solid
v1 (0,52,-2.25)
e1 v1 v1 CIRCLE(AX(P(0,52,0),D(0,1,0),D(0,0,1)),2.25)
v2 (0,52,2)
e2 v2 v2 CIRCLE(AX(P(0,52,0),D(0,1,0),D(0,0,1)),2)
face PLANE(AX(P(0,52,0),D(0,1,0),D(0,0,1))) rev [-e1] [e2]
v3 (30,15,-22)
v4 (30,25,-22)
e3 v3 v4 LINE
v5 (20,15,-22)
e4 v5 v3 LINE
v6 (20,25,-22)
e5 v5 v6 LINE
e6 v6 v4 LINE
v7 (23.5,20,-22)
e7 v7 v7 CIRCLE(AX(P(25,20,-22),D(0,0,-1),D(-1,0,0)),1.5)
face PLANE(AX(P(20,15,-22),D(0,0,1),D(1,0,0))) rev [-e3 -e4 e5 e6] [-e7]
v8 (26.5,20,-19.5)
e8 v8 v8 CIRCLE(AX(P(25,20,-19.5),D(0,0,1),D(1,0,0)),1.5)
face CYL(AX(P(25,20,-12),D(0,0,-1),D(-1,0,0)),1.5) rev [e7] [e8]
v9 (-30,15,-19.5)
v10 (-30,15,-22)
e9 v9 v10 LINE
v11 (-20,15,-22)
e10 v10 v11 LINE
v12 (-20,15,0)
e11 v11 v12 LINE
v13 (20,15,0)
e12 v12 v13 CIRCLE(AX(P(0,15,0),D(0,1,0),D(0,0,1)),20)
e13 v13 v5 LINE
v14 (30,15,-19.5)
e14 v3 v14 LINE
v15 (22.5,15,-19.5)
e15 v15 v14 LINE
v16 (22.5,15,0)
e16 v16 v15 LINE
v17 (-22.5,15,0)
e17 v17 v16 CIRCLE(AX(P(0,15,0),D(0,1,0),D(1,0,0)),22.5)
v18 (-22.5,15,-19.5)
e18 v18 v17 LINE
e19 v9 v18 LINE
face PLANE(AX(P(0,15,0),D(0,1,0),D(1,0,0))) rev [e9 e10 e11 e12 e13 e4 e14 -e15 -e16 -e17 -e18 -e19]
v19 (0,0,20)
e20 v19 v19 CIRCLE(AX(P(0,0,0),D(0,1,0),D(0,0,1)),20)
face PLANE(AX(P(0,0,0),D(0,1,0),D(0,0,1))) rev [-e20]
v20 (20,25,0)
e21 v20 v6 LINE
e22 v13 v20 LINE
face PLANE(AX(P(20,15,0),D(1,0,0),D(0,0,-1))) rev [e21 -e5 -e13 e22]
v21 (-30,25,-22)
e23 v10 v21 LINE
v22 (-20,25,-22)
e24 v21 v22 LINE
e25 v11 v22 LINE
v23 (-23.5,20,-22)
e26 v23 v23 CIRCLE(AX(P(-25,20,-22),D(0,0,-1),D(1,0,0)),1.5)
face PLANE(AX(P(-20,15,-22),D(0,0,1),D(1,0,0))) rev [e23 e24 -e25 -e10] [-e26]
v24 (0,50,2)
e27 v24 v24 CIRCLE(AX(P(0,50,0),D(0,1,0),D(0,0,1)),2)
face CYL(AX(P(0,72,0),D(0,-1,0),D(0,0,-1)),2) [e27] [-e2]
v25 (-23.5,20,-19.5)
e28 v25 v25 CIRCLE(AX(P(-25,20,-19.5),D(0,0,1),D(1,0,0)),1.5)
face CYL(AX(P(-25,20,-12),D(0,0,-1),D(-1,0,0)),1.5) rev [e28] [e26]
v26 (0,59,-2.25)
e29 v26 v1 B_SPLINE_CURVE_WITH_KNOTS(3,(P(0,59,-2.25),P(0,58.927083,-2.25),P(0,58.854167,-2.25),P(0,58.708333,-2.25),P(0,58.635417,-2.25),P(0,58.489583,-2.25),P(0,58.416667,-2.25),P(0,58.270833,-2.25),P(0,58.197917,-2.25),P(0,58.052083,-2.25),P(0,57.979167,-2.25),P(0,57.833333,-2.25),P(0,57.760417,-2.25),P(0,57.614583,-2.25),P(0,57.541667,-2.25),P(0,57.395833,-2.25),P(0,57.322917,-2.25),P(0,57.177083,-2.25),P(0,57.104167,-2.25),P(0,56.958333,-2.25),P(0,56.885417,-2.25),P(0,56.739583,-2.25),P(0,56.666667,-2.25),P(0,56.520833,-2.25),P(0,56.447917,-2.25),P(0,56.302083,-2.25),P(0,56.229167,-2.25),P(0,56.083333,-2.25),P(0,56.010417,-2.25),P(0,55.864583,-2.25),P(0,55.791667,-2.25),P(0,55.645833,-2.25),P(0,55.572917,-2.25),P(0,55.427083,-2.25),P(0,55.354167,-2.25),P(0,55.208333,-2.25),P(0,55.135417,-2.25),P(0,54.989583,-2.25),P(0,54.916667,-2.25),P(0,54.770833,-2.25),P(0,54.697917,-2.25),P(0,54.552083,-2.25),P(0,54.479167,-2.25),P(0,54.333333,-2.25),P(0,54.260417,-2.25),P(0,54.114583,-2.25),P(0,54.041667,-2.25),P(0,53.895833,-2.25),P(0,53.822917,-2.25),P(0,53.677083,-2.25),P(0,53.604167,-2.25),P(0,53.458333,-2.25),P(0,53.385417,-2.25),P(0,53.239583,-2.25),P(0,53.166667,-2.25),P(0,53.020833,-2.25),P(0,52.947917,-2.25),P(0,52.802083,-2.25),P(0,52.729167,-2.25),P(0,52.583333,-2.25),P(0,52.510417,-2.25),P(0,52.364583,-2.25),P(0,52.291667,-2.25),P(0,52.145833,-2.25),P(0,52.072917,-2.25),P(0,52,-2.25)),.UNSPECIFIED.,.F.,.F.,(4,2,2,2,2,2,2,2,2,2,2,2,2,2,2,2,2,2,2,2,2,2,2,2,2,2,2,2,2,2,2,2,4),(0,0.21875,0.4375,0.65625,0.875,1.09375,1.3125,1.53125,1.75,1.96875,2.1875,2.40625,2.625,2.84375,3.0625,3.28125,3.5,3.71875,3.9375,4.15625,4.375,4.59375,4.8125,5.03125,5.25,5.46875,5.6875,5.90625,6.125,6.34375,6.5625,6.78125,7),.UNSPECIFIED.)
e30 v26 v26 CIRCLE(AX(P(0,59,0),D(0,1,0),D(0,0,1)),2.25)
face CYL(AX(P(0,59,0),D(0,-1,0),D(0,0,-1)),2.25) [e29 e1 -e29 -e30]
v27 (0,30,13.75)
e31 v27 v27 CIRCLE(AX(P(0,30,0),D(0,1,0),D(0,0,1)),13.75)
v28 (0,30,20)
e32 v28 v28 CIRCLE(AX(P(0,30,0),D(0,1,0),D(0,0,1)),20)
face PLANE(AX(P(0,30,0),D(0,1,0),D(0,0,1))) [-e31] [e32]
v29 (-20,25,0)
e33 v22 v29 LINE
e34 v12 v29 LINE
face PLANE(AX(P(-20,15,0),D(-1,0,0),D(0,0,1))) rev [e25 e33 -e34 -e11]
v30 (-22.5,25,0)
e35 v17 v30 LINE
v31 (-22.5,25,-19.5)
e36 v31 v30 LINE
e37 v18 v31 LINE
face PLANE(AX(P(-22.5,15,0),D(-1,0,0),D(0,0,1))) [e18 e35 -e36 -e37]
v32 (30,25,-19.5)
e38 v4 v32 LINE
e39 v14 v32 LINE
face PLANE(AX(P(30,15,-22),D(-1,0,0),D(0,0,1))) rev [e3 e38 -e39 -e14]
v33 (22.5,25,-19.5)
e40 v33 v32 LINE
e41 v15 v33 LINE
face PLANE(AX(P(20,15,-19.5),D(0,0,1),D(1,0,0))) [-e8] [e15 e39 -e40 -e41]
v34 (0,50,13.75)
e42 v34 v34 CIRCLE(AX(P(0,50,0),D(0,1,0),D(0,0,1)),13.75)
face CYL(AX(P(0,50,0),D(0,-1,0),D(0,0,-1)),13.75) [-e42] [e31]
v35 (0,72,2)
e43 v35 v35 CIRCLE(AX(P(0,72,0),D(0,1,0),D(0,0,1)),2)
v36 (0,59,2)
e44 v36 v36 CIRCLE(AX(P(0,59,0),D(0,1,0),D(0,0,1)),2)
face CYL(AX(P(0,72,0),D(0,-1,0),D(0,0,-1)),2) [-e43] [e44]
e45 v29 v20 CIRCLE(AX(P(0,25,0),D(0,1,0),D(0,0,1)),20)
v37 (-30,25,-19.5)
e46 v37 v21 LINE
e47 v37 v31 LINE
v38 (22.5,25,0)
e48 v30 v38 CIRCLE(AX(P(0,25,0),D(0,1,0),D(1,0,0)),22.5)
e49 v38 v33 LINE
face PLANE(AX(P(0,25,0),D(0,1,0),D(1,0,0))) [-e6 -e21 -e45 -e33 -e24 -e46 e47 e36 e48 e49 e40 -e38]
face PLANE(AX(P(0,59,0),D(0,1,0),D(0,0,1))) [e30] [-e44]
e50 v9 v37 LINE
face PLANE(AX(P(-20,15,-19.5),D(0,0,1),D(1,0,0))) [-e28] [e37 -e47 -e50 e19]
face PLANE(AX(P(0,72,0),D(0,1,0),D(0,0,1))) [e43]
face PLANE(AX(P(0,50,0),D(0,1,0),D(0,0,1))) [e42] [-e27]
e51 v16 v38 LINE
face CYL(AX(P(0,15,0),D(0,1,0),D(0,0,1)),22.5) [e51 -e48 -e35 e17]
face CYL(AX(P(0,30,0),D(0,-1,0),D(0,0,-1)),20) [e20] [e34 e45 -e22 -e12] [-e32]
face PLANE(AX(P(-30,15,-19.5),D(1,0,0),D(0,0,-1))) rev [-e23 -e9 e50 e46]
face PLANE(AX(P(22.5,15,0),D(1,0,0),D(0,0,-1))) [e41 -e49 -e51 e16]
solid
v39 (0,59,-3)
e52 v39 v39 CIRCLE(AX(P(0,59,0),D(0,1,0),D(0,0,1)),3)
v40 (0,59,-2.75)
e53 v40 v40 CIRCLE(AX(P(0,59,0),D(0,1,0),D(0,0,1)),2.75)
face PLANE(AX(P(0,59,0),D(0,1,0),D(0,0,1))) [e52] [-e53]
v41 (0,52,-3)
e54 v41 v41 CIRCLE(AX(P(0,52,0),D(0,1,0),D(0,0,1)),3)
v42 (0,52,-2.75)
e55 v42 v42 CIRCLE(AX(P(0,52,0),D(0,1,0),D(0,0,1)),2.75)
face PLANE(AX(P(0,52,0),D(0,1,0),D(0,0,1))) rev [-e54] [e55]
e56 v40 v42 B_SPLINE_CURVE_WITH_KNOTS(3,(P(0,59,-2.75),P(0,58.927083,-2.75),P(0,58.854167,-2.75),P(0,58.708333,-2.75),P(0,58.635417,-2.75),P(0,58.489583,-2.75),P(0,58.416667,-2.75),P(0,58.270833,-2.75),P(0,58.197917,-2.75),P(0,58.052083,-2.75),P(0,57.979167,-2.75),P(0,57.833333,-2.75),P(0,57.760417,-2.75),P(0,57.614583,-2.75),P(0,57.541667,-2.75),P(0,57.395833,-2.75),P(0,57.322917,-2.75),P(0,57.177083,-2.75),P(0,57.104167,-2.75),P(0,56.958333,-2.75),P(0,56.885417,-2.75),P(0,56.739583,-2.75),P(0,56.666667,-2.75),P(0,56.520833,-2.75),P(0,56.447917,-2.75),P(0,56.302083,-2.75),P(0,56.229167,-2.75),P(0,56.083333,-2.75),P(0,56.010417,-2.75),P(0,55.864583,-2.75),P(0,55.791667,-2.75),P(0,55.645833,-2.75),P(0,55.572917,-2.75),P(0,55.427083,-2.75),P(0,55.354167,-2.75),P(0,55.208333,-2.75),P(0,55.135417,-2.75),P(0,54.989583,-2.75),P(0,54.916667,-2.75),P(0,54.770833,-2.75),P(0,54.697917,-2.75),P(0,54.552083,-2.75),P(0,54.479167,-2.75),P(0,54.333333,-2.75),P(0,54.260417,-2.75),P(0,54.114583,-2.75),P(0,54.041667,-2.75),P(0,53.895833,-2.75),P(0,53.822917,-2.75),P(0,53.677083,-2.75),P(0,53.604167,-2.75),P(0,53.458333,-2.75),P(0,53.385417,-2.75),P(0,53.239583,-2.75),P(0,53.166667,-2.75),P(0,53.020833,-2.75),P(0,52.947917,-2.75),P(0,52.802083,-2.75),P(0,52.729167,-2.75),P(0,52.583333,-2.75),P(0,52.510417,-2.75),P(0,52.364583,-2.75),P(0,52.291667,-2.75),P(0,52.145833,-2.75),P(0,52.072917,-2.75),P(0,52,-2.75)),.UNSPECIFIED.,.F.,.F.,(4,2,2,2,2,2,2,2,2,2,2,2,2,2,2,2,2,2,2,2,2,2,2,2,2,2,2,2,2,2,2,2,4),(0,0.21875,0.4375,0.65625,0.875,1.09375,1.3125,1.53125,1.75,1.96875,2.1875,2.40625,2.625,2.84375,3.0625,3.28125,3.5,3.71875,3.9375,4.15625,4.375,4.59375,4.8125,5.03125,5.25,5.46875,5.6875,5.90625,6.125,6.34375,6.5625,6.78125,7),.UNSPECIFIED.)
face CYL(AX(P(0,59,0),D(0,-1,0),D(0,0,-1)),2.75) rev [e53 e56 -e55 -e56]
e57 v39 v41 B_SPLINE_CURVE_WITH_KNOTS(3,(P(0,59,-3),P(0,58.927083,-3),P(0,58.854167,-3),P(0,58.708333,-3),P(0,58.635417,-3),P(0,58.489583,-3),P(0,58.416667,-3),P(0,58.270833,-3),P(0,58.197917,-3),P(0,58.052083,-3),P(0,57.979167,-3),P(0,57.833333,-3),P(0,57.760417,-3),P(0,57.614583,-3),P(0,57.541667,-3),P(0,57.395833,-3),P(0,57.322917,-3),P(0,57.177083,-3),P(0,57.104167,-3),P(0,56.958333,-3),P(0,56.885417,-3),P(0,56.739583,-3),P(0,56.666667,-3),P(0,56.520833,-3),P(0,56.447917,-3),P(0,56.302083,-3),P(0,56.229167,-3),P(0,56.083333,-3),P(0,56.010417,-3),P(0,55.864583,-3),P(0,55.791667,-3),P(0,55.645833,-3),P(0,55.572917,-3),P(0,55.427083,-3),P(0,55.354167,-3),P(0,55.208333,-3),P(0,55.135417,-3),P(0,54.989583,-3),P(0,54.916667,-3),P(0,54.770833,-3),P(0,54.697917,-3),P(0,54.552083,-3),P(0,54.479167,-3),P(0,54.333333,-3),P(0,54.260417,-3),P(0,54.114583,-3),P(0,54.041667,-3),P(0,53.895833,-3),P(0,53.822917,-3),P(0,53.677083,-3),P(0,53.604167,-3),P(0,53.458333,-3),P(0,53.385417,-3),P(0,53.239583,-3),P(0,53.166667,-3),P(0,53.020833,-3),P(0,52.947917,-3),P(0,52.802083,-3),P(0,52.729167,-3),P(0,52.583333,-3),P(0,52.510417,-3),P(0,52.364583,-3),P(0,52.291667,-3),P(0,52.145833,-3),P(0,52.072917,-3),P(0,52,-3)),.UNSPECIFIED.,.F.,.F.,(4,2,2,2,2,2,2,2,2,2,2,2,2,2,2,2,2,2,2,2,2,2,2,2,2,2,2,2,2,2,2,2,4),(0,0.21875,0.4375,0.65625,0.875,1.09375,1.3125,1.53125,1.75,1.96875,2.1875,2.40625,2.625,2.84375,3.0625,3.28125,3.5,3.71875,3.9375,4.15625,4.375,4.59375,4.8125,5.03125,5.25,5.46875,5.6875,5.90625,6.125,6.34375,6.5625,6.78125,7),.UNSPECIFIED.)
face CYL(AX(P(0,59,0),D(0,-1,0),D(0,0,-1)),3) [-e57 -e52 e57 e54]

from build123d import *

# Parameters (mm, degrees)
SKETCH1_R           = 20
BOSS_EXTRUDE1_DEPTH = 30
SKETCH2_R           = 13.75
BOSS_EXTRUDE2_DEPTH = 20
SKETCH3_R           = 2
BOSS_EXTRUDE3_DEPTH = 22
EXTRUDE_THIN2_START = -10
EXTRUDE_THIN2_DEPTH = 10
SKETCH6_R           = 1.5
CUT_EXTRUDE1_DEPTH  = 10
SKETCH7_R           = 3
SKETCH7_R_2         = 2.75
SKETCH7_R_3         = 2.25
SKETCH7_R_4         = 2
BOSS_EXTRUDE4_DEPTH = 7


with BuildPart() as part:
    # Sketch1 → Boss-Extrude1 (new body)
    with BuildSketch(Plane(origin=(0, 0, 0), x_dir=(1, 0, 0), z_dir=(0, 1, 0))):
        with Locations(Location((0, 0, 0), (0, 0, 270))):
            Circle(SKETCH1_R)
    extrude(amount=BOSS_EXTRUDE1_DEPTH)

    # Sketch2 → Boss-Extrude2 (add)
    with BuildSketch(Plane(origin=(0, 30, 0), x_dir=(1, 0, 0), z_dir=(0, 1, 0))):
        with Locations(Location((0, 0, 0), (0, 0, 270))):
            Circle(SKETCH2_R)
    extrude(amount=BOSS_EXTRUDE2_DEPTH)

    # Sketch3 → Boss-Extrude3 (add)
    with BuildSketch(Plane(origin=(0, 50, 0), x_dir=(1, 0, 0), z_dir=(0, 1, 0))):
        with Locations(Location((0, 0, 0), (0, 0, 270))):
            Circle(SKETCH3_R)
    extrude(amount=BOSS_EXTRUDE3_DEPTH)

    # Sketch4 → Extrude-Thin2 (add)
    with BuildSketch(Plane(origin=(0, 25, 0), x_dir=(1, 0, 0), z_dir=(0, 1, 0)).offset(EXTRUDE_THIN2_START)):
        with BuildLine():
            Line((30, 22), (20, 22))
            Line((20, 22), (20, 0))
            ThreePointArc((20, 0), (0, -20), (-20, 0))
            Line((-20, 0), (-20, 22))
            Line((-20, 22), (-30, 22))
            Line((-30, 22), (-30, 19.5))
            Line((-30, 19.5), (-22.5, 19.5))
            Line((-22.5, 19.5), (-22.5, 0))
            ThreePointArc((-22.5, 0), (0, -22.5), (22.5, 0))
            Line((22.5, 0), (22.5, 19.5))
            Line((22.5, 19.5), (30, 19.5))
            Line((30, 19.5), (30, 22))
        make_face()
    extrude(amount=EXTRUDE_THIN2_DEPTH)

    # Sketch6 → Cut-Extrude1 (cut)
    with BuildSketch(Plane(origin=(0, 0, -22), x_dir=(-1, 0, 0), z_dir=(0, 0, -1))):
        with Locations((-25, 20)):
            Circle(SKETCH6_R)
        with Locations(Location((25, 20, 0), (0, 0, 180))):
            Circle(SKETCH6_R)
    extrude(amount=-CUT_EXTRUDE1_DEPTH, mode=Mode.SUBTRACT)

    # Sketch7 → Boss-Extrude4 (add)
    # profile 1 of 2: a face of its own
    with BuildSketch(Plane(origin=(0, 52, 0), x_dir=(1, 0, 0), z_dir=(0, 1, 0))):
        with Locations(Location((0, 0, 0), (0, 0, 90))):
            Circle(SKETCH7_R)
        with Locations(Location((0, 0, 0), (0, 0, 90))):
            Circle(SKETCH7_R_2, mode=Mode.SUBTRACT)
    # profile 2 of 2: a face of its own
    with BuildSketch(Plane(origin=(0, 52, 0), x_dir=(1, 0, 0), z_dir=(0, 1, 0))):
        with Locations(Location((0, 0, 0), (0, 0, 90))):
            Circle(SKETCH7_R_3)
        with Locations(Location((0, 0, 0), (0, 0, 270))):
            Circle(SKETCH7_R_4, mode=Mode.SUBTRACT)
    extrude(amount=BOSS_EXTRUDE4_DEPTH)


with BuildPart() as boss_extrude4_piece_1:
    # of the separate pieces the step leaves, piece 1, a body of its own (boss_extrude4_pieces)
    add(part.part.solids().sort_by_distance((0, 0, 20))[0])


with BuildPart() as boss_extrude4_piece_2:
    # of the separate pieces the step leaves, piece 2, a body of its own (boss_extrude4_pieces)
    add(part.part.solids().sort_by_distance((0, 52, -3))[0])


solid = Compound([boss_extrude4_piece_1.part, boss_extrude4_piece_2.part])
